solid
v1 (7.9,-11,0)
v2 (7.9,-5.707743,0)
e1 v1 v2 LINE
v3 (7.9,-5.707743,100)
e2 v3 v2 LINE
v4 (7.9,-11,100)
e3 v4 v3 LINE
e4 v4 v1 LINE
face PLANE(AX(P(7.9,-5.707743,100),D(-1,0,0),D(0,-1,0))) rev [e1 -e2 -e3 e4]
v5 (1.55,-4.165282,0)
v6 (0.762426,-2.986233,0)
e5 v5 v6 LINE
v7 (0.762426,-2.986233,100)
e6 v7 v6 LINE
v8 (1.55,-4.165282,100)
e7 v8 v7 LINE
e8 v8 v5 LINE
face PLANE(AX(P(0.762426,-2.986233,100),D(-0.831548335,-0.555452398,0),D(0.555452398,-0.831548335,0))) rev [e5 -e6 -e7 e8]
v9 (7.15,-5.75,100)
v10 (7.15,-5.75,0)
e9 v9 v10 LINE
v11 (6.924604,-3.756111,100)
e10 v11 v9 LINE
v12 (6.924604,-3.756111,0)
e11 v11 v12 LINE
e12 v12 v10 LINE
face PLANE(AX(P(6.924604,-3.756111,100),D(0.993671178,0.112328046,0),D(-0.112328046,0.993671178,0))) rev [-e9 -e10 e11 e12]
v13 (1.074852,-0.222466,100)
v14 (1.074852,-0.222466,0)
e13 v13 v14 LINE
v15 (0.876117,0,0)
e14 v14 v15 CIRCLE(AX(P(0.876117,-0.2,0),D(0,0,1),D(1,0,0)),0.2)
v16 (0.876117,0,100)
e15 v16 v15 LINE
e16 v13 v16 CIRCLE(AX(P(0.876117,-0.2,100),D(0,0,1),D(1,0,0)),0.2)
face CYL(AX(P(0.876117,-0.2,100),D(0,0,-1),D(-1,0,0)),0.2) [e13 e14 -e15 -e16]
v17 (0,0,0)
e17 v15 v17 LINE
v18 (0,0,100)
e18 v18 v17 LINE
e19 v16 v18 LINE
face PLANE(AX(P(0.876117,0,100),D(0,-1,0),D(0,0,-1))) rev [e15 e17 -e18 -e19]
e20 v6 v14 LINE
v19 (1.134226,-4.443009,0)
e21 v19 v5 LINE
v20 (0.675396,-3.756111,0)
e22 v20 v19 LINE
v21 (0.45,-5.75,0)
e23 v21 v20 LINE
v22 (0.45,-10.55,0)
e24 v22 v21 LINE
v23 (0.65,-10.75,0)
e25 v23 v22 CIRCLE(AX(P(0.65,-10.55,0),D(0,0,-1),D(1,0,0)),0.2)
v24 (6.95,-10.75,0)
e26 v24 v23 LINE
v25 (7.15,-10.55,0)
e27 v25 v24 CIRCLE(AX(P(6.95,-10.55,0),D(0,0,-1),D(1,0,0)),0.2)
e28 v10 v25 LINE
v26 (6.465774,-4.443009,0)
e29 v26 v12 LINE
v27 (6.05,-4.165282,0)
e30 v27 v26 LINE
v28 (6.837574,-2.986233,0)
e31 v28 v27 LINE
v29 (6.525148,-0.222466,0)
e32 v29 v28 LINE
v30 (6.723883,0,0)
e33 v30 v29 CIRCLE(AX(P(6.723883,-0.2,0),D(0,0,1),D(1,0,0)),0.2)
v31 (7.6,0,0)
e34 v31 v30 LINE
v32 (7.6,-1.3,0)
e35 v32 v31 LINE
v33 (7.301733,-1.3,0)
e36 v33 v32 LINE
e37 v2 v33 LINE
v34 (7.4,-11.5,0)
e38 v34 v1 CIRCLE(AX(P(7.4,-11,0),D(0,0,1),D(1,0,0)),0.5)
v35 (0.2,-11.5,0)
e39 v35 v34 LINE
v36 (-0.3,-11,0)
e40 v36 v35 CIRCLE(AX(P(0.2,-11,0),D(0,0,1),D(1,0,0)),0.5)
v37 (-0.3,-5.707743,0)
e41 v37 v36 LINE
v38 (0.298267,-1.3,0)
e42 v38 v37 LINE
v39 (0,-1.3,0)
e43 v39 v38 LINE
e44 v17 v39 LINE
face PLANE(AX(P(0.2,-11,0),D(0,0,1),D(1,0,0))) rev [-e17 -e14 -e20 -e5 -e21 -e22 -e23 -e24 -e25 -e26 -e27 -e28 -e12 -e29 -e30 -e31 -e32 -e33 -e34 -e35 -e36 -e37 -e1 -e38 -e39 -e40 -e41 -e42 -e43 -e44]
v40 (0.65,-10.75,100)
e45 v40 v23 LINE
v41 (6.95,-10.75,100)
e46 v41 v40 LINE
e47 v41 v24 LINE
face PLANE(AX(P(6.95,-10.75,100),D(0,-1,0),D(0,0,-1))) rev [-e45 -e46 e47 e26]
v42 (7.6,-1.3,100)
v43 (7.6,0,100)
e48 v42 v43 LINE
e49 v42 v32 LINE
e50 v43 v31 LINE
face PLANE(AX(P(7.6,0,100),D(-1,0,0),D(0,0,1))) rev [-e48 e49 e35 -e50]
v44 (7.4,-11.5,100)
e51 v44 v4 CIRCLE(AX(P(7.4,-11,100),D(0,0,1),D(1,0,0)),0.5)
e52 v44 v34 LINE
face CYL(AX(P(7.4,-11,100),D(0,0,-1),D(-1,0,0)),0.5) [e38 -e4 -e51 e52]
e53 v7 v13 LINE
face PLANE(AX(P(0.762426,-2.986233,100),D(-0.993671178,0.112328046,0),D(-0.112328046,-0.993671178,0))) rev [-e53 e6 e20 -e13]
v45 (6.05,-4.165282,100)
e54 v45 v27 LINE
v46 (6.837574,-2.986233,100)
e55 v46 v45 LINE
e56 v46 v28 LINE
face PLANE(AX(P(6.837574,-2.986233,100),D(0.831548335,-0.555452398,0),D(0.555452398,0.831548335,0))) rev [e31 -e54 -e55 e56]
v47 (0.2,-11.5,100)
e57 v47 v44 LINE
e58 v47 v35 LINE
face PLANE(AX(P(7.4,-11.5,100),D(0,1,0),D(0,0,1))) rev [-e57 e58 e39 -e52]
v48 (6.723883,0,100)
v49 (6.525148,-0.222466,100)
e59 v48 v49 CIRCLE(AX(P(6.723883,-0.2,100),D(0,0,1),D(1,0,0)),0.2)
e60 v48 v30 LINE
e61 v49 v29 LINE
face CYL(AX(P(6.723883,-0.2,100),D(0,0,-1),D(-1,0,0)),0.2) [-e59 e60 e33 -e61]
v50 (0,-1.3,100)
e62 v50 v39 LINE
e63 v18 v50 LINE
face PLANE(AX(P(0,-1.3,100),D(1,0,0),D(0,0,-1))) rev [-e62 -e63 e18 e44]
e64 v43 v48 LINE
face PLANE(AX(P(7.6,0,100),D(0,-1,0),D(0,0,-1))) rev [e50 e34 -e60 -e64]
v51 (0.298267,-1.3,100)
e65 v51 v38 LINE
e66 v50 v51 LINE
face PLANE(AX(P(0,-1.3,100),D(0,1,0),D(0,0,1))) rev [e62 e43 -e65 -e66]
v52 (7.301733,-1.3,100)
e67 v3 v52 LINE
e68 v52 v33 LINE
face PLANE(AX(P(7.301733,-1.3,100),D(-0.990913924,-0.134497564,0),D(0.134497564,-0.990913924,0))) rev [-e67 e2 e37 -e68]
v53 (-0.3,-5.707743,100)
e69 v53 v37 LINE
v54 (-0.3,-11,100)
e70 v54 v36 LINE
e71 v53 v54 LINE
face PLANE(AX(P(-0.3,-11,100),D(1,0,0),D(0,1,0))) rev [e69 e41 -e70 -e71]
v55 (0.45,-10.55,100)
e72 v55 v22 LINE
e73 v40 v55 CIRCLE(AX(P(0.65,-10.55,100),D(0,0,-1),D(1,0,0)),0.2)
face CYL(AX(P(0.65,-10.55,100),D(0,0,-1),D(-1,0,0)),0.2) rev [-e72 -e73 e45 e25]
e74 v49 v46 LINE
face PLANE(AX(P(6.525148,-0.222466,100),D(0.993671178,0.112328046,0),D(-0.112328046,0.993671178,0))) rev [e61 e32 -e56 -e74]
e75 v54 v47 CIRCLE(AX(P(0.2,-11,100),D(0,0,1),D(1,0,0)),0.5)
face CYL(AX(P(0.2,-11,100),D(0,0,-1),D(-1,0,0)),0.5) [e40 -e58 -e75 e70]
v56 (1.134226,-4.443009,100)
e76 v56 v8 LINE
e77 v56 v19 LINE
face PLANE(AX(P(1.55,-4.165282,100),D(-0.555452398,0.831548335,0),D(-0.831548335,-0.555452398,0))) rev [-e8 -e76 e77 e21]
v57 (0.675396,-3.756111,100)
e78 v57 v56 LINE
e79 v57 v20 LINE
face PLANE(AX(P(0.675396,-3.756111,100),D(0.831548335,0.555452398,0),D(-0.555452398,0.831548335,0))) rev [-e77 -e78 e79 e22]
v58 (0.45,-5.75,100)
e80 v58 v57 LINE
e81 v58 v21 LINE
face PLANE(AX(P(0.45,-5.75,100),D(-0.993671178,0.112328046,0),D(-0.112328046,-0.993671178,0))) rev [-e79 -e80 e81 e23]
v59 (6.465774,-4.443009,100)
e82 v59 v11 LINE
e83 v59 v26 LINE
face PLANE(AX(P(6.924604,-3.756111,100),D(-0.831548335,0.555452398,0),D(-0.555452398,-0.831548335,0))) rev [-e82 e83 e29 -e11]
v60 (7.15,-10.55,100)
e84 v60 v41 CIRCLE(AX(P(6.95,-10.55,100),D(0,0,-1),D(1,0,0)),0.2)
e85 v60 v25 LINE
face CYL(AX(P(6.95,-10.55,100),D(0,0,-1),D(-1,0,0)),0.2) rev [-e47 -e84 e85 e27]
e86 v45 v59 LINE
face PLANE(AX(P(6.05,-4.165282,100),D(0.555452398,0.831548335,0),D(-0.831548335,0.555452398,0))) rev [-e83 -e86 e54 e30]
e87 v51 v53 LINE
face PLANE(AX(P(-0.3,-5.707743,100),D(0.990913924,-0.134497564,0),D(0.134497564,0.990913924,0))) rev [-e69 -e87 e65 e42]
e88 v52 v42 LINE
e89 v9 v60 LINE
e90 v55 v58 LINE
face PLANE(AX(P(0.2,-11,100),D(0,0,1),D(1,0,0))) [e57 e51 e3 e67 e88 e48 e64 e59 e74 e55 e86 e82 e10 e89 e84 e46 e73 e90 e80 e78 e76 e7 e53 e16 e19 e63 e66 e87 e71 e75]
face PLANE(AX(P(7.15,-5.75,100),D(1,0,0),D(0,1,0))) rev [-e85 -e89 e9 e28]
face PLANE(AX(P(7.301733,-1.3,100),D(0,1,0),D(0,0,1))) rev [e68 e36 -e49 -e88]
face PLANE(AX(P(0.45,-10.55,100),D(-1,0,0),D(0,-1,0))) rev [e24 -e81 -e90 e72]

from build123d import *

# Parameters (mm, degrees)
EXTRUDE_1_DEPTH = 100


with BuildPart() as part:
    # 草图1 → 凸台-拉伸1 (new body)
    with BuildSketch(Plane.XY):
        with BuildLine():
            Line((0, -1.3), (0, 0))
            Line((0, 0), (0.876117478, 0))
            ThreePointArc((0.876117478, 0), (1.025270289, -0.066757968), (1.074851714, -0.222465609))
            Line((1.074851714, -0.222465609), (0.762425857, -2.986232805))
            Line((0.762425857, -2.986232805), (1.55, -4.165282478))
            Line((1.55, -4.165282478), (1.134225832, -4.443008676))
            Line((1.134225832, -4.443008676), (0.675396165, -3.756110847))
            Line((0.675396165, -3.756110847), (0.45, -5.75))
            Line((0.45, -5.75), (0.45, -10.55))
            ThreePointArc((0.45, -10.55), (0.508578644, -10.691421356), (0.65, -10.75))
            Line((0.65, -10.75), (6.95, -10.75))
            ThreePointArc((6.95, -10.75), (7.091421356, -10.691421356), (7.15, -10.55))
            Line((7.15, -10.55), (7.15, -5.75))
            Line((7.15, -5.75), (6.924603835, -3.756110847))
            Line((6.924603835, -3.756110847), (6.465774168, -4.443008676))
            Line((6.465774168, -4.443008676), (6.05, -4.165282478))
            Line((6.05, -4.165282478), (6.837574143, -2.986232805))
            Line((6.837574143, -2.986232805), (6.525148286, -0.222465609))
            ThreePointArc((6.525148286, -0.222465609), (6.574729711, -0.066757968), (6.723882522, 0))
            Line((6.723882522, 0), (7.6, 0))
            Line((7.6, 0), (7.6, -1.3))
            Line((7.6, -1.3), (7.30173337, -1.3))
            Line((7.30173337, -1.3), (7.9, -5.707743265))
            Line((7.9, -5.707743265), (7.9, -11))
            ThreePointArc((7.9, -11), (7.753553391, -11.353553391), (7.4, -11.5))
            Line((7.4, -11.5), (0.2, -11.5))
            ThreePointArc((0.2, -11.5), (-0.153553391, -11.353553391), (-0.3, -11))
            Line((-0.3, -11), (-0.3, -5.707743265))
            Line((-0.3, -5.707743265), (0.29826663, -1.3))
            Line((0.29826663, -1.3), (0, -1.3))
        make_face()
    extrude(amount=EXTRUDE_1_DEPTH)


solid = part.part
